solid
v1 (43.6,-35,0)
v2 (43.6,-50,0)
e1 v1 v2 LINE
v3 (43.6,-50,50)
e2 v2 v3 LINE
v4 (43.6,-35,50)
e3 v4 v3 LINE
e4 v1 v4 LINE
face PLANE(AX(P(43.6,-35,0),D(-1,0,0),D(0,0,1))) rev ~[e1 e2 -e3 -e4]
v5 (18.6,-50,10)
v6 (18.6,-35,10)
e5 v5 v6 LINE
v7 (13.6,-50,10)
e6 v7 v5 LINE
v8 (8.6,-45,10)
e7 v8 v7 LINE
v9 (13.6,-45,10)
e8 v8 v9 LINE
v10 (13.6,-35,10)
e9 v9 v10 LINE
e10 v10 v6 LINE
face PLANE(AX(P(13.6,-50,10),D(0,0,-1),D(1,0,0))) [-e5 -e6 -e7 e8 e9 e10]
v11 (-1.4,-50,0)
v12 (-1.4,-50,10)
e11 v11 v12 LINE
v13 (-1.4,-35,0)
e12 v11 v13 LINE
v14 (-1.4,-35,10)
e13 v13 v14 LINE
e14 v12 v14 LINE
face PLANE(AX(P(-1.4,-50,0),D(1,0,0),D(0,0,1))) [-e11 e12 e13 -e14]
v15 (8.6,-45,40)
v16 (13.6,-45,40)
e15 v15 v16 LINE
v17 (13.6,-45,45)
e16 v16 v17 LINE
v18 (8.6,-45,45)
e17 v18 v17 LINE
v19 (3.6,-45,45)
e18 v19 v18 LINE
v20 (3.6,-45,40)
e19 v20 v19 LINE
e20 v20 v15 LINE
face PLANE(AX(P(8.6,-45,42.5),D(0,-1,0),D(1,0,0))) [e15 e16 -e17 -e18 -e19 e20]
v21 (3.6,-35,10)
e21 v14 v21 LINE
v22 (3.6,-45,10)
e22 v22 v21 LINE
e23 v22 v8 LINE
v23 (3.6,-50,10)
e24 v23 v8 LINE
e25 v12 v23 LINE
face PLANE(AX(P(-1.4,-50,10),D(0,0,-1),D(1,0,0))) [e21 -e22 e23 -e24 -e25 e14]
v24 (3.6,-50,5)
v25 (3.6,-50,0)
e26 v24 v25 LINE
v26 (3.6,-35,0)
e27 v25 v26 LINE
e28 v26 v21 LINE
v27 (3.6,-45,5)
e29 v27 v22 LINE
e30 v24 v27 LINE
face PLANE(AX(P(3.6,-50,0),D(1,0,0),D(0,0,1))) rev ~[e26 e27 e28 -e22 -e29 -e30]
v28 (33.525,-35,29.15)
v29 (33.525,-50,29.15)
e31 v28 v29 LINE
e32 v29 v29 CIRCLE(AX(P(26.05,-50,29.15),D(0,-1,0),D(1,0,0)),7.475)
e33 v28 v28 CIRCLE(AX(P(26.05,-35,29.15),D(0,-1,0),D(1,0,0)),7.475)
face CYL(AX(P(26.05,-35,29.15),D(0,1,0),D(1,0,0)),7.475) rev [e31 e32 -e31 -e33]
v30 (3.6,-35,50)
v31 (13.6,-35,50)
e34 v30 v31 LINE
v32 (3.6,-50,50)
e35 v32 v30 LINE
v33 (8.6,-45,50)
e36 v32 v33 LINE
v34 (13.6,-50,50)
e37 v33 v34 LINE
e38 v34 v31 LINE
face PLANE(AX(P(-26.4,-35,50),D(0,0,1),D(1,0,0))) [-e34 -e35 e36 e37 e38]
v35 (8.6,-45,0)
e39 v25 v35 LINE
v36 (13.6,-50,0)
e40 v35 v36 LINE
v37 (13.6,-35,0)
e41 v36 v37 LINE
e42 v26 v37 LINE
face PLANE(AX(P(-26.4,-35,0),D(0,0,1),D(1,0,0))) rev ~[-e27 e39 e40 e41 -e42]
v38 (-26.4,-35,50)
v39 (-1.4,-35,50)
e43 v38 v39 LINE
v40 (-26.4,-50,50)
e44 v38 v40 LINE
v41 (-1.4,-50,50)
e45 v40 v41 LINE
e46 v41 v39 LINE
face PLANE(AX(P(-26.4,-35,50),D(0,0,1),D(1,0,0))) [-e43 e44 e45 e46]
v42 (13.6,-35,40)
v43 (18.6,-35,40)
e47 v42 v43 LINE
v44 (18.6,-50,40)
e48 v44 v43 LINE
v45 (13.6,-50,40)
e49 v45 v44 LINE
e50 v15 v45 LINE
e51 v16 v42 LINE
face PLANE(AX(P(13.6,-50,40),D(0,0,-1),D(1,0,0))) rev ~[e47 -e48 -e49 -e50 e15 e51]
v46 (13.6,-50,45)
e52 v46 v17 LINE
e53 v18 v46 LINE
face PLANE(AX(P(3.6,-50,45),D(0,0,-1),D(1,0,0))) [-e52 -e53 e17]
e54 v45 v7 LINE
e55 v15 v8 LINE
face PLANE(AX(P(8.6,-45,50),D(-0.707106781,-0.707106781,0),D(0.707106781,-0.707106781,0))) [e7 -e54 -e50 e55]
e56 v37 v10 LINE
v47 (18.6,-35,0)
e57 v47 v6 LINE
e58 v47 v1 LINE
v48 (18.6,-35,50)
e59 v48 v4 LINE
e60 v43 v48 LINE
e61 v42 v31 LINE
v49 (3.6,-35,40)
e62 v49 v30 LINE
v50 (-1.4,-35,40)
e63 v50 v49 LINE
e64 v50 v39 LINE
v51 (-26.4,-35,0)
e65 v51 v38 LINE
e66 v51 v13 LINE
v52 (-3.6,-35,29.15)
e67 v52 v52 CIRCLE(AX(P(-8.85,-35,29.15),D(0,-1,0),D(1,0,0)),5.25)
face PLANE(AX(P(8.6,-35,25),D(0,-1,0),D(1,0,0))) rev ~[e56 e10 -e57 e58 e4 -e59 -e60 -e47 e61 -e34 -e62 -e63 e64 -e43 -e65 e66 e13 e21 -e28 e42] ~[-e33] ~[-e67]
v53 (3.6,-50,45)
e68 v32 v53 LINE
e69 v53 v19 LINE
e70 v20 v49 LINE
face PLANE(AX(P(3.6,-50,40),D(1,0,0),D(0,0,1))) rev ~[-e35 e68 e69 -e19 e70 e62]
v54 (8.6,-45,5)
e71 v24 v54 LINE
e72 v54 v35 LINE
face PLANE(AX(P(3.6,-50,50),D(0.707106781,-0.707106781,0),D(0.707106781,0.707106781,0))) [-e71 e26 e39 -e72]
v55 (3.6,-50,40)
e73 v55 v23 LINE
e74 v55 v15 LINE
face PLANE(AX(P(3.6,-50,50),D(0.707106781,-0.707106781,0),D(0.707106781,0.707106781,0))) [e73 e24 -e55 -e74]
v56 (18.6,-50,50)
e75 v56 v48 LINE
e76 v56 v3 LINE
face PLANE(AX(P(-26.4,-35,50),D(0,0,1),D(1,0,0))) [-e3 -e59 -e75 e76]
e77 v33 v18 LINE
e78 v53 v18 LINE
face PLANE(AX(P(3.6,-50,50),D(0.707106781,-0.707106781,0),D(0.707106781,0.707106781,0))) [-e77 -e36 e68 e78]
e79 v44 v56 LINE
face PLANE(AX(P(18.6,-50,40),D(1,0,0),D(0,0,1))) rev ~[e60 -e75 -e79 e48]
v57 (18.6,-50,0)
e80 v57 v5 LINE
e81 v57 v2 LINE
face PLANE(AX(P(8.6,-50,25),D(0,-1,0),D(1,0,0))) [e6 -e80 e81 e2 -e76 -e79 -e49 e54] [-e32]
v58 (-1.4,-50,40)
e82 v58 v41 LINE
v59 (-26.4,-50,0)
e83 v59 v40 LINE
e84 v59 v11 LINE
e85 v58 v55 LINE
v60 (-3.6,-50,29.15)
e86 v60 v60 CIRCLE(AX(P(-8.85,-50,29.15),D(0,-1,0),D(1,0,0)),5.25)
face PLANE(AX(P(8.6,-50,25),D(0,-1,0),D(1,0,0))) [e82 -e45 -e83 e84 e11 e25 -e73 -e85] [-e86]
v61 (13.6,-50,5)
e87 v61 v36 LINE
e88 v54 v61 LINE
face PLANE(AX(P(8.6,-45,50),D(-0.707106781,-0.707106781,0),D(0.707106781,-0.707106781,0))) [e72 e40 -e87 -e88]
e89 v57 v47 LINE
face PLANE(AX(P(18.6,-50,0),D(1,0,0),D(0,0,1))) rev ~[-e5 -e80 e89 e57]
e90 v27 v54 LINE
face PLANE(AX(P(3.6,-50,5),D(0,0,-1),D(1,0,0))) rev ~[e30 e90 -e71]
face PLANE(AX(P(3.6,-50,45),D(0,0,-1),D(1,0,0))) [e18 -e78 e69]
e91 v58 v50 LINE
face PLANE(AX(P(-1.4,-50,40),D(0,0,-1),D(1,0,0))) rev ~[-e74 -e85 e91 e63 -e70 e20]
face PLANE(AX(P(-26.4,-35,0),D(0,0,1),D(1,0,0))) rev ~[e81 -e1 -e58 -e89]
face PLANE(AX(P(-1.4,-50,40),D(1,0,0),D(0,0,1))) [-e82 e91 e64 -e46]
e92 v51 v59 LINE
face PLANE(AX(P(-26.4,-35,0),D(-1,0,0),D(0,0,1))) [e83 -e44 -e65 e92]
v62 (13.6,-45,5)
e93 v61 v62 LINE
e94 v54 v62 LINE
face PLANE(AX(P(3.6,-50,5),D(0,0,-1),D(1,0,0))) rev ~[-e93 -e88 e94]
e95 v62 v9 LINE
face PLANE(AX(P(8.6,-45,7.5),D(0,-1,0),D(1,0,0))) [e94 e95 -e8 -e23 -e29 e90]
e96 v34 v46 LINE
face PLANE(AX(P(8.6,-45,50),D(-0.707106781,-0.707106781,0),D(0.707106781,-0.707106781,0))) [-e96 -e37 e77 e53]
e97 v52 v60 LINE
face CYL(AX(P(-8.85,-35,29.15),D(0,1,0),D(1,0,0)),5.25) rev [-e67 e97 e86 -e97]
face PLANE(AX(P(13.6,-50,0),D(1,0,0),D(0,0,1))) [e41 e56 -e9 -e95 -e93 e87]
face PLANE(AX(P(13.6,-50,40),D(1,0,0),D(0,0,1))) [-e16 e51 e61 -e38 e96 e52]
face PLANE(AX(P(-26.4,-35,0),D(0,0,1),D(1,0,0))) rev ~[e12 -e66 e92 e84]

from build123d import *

# Parameters (mm, degrees)
SKETCH007_W            = 70
SKETCH007_H            = 50
SKETCH007_R            = 7.475
SKETCH007_R_2          = 5.25
PAD010_DEPTH           = 15
POCKET_DEPTH           = 50.001
SKETCH009_W            = 5
SKETCH009_H            = 10
POCKET001_DEPTH        = 15.001
LINEARPATTERN_COUNT    = 2
LINEARPATTERN_PITCH    = 40
SKETCH010_W            = 10
SKETCH010_H            = 5
POCKET002_DEPTH        = 5
LINEARPATTERN001_COUNT = 2
LINEARPATTERN001_PITCH = 35


with BuildPart() as part:
    # Sketch007 → Pad010 (new body)
    with BuildSketch(Plane.XZ):
        with Locations((8.6, 25)):
            Rectangle(SKETCH007_W, SKETCH007_H)
        with Locations((26.05, 29.15)):
            Circle(SKETCH007_R, mode=Mode.SUBTRACT)
        with Locations((-8.85, 29.15)):
            Circle(SKETCH007_R_2, mode=Mode.SUBTRACT)
    extrude(amount=PAD010_DEPTH)

    # Sketch008 (on Face1 of Pad010) → Pocket (cut, through all)
    with BuildSketch(Plane(origin=(0, 0, 50), x_dir=(-1, 0, 0), z_dir=(0, 0, 1))):
        Polygon((-3.6, 15), (-8.6, 10), (-13.6, 15), align=None)
    extrude(amount=-POCKET_DEPTH, mode=Mode.SUBTRACT)

    # Sketch009 (on Face7 of Pocket) → Pocket001 (cut, through all)
    with BuildSketch(Plane.XZ.offset(15)):
        with Locations((16.1, 5)):
            Rectangle(SKETCH009_W, SKETCH009_H)
        with Locations((1.1, 5)):
            Rectangle(SKETCH009_W, SKETCH009_H)
    pocket001 = extrude(amount=-POCKET001_DEPTH, mode=Mode.SUBTRACT)

    # LinearPattern: Pocket001 ×2
    with Locations(*[(0, 0, i * LINEARPATTERN_PITCH) for i in range(1, LINEARPATTERN_COUNT)]):
        add(pocket001, mode=Mode.SUBTRACT)

    # Sketch010 (on Face4 of LinearPattern) → Pocket002 (cut)
    with BuildSketch(Plane.XZ.offset(15)):
        with Locations((8.6, 42.5)):
            Rectangle(SKETCH010_W, SKETCH010_H)
    pocket002 = extrude(amount=-POCKET002_DEPTH, mode=Mode.SUBTRACT)

    # LinearPattern001: Pocket002 ×2
    with Locations(*[(0, 0, -i * LINEARPATTERN001_PITCH) for i in range(1, LINEARPATTERN001_COUNT)]):
        add(pocket002, mode=Mode.SUBTRACT)


with BuildPart() as part_1:
    # Body001 placement: moved
    add(part.part.moved(Location((0, -35, 0))))


solid = part_1.part
